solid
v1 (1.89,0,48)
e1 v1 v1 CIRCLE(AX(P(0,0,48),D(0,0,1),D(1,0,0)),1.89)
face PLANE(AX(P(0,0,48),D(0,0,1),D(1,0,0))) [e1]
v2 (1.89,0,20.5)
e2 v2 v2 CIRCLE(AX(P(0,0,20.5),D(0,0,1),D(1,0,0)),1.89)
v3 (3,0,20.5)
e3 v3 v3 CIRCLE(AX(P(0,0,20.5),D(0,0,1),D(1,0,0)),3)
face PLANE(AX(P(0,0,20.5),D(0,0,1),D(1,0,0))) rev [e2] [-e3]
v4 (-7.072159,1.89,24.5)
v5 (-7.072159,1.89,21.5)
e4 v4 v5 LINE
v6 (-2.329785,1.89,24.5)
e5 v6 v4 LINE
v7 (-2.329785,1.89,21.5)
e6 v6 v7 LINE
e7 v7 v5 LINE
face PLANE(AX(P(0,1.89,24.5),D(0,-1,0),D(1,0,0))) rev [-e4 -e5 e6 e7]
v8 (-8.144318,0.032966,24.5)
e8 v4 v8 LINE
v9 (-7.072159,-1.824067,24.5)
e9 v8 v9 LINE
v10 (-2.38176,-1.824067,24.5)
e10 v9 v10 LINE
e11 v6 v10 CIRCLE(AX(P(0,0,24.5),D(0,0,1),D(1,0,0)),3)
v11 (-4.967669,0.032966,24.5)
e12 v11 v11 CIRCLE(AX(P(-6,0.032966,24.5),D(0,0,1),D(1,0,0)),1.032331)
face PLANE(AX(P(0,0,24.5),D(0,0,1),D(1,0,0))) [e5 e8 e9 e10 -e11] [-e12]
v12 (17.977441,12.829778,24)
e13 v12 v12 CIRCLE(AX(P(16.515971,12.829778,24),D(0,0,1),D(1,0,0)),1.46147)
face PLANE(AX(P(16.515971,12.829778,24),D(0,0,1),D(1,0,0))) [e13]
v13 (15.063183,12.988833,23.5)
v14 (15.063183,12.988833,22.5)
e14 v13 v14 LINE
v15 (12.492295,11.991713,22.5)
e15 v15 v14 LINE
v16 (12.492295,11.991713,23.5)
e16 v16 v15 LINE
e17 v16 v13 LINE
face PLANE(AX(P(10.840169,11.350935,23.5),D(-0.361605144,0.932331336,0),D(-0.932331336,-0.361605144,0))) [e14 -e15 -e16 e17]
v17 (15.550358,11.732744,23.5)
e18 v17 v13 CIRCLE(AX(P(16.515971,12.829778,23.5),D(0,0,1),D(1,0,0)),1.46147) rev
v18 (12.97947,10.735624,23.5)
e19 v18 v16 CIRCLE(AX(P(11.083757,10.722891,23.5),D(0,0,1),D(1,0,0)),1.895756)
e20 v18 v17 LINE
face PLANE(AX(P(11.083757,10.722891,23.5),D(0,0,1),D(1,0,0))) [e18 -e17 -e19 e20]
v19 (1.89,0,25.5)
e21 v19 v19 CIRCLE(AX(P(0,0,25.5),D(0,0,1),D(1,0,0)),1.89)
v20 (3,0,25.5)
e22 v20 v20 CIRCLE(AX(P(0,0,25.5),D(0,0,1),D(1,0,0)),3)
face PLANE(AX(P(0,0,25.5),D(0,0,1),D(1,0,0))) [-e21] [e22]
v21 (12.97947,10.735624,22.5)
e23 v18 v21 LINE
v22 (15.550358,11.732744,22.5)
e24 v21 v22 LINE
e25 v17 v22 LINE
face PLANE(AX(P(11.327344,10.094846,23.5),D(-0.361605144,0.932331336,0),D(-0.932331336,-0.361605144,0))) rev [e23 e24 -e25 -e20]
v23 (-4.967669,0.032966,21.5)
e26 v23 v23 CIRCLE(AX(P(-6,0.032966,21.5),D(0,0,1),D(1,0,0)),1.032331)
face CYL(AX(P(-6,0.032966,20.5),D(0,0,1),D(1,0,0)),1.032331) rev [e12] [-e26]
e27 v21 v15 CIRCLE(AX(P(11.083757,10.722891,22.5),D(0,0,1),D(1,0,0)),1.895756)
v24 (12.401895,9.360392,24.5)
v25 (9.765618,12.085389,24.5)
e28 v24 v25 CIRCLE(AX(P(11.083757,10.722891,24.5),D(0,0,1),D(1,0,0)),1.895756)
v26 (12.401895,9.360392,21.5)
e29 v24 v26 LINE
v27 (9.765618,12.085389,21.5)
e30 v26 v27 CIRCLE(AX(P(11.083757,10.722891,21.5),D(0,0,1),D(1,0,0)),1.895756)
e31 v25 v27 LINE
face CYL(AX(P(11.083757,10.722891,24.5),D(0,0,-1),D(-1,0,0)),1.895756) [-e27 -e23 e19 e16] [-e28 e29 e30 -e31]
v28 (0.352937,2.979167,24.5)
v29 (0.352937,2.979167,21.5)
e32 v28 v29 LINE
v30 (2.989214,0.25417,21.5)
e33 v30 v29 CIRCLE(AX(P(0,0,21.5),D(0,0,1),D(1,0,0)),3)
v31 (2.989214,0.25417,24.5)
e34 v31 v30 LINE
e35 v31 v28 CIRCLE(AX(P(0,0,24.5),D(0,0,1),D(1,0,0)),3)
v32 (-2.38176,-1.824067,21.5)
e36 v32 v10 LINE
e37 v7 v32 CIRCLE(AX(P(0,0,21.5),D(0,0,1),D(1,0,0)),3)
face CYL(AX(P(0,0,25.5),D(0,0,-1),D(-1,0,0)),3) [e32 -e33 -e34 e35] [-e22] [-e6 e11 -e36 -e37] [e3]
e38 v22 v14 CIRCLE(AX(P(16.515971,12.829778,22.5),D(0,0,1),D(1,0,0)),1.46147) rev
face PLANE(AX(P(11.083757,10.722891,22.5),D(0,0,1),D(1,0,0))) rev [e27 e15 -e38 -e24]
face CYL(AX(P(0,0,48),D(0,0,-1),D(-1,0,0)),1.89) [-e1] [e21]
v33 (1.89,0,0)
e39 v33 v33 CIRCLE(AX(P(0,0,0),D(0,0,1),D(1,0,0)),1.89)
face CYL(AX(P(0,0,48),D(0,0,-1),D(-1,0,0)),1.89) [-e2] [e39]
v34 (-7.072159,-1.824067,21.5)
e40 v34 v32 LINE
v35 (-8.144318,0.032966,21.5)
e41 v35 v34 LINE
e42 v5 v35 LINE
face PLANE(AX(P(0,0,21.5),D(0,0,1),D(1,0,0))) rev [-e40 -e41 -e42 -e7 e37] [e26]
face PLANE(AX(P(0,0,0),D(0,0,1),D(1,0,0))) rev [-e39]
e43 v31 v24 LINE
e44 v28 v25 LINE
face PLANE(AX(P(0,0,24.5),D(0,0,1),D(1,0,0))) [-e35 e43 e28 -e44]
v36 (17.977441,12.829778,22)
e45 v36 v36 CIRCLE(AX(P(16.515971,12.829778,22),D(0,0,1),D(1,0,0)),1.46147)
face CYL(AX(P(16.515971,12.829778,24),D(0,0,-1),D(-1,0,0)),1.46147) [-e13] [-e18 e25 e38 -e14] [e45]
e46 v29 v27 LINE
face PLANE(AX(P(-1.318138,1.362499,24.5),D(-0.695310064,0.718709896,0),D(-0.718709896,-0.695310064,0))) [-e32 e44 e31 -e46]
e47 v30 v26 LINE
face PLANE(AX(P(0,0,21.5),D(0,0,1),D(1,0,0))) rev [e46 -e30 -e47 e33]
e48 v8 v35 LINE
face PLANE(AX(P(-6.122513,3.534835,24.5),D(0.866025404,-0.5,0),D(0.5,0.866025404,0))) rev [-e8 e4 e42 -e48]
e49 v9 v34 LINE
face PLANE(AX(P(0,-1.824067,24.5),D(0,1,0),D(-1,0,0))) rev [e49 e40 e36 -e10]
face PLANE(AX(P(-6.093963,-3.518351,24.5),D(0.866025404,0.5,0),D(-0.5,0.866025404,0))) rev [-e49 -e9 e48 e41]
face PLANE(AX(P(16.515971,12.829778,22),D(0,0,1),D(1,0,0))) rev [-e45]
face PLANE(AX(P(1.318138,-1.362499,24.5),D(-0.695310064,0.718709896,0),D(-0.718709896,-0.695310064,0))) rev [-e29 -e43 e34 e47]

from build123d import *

# Parameters (mm, degrees)
IZIM1_R                     = 1.89
Y_KSEKLIK_EKSTR_ZYON1_DEPTH = 48
IZIM2_R                     = 3
Y_KSEKLIK_EKSTR_ZYON2_DEPTH = 2.5
Y_KSEKLIK_EKSTR_ZYON3_DEPTH = 1.5
Y_KSEKLIK_EKSTR_ZYON7_DEPTH = 1.5
Y_KSEKLIK_EKSTR_ZYON8_DEPTH = 0.5
IZIM6_4_R                   = 1.461469514
Y_KSEKLIK_EKSTR_ZYON9_DEPTH = 1
IZIM8_R                     = 1.032330659
KES_EKSTR_ZYON1_DEPTH       = 4


with BuildPart() as part:
    # Çizim1 → Yükseklik-Ekstrüzyon1 (new body)
    with BuildSketch(Plane.XY):
        Circle(IZIM1_R)
    extrude(amount=Y_KSEKLIK_EKSTR_ZYON1_DEPTH)

    # Çizim2 → Yükseklik-Ekstrüzyon2 (add, symmetric)
    with BuildSketch(Plane.XY.offset(23)):
        Circle(IZIM2_R)
    extrude(amount=Y_KSEKLIK_EKSTR_ZYON2_DEPTH, both=True)

    # Çizim2<3> → Yükseklik-Ekstrüzyon3 (add, symmetric)
    with BuildSketch(Plane.XY.offset(23)):
        Polygon((0, -1.824067041), (0, 1.89), (-7.072158803, 1.89), (-8.144317606, 0.03296648), (-7.072158803, -1.824067041), align=None)
    extrude(amount=Y_KSEKLIK_EKSTR_ZYON3_DEPTH, both=True)

    # Çizim6 → Yükseklik-Ekstrüzyon7 (add, symmetric)
    with BuildSketch(Plane.XY.offset(23)):
        with BuildLine():
            Line((9.765618481, 12.085389192), (-1.318138223, 1.362498594))
            ThreePointArc((-1.318138223, 1.362498594), (-1.362498594, -1.318138223), (1.318138223, -1.362498594))
            Line((1.318138223, -1.362498594), (12.401894927, 9.360392003))
            ThreePointArc((12.401894927, 9.360392003), (12.446255298, 12.04102882), (9.765618481, 12.085389192))
        make_face()
    extrude(amount=Y_KSEKLIK_EKSTR_ZYON7_DEPTH, both=True)

    # Çizim6<3> → Yükseklik-Ekstrüzyon8 (add, symmetric)
    with BuildSketch(Plane.XY.offset(23)):
        with BuildLine():
            Line((10.840169306, 11.350935213), (16.272383955, 13.457822202))
            ThreePointArc((16.272383955, 13.457822202), (17.144015968, 13.073364985), (16.75955875, 12.201732972))
            Line((16.75955875, 12.201732972), (11.327344102, 10.094845982))
            ThreePointArc((11.327344102, 10.094845982), (10.455712089, 10.4793032), (10.840169306, 11.350935213))
        make_face()
    extrude(amount=Y_KSEKLIK_EKSTR_ZYON8_DEPTH, both=True)

    # Çizim6<4> → Yükseklik-Ekstrüzyon9 (add, symmetric)
    with BuildSketch(Plane.XY.offset(23)):
        with Locations((16.515971352, 12.829777587)):
            Circle(IZIM6_4_R)
    extrude(amount=Y_KSEKLIK_EKSTR_ZYON9_DEPTH, both=True)

    # Çizim8 → Kes-Ekstrüzyon1 (cut)
    with BuildSketch(Plane.XY.offset(24.5)):
        with Locations((-6, 0.03296648)):
            Circle(IZIM8_R)
    extrude(amount=-KES_EKSTR_ZYON1_DEPTH, mode=Mode.SUBTRACT)


solid = part.part
